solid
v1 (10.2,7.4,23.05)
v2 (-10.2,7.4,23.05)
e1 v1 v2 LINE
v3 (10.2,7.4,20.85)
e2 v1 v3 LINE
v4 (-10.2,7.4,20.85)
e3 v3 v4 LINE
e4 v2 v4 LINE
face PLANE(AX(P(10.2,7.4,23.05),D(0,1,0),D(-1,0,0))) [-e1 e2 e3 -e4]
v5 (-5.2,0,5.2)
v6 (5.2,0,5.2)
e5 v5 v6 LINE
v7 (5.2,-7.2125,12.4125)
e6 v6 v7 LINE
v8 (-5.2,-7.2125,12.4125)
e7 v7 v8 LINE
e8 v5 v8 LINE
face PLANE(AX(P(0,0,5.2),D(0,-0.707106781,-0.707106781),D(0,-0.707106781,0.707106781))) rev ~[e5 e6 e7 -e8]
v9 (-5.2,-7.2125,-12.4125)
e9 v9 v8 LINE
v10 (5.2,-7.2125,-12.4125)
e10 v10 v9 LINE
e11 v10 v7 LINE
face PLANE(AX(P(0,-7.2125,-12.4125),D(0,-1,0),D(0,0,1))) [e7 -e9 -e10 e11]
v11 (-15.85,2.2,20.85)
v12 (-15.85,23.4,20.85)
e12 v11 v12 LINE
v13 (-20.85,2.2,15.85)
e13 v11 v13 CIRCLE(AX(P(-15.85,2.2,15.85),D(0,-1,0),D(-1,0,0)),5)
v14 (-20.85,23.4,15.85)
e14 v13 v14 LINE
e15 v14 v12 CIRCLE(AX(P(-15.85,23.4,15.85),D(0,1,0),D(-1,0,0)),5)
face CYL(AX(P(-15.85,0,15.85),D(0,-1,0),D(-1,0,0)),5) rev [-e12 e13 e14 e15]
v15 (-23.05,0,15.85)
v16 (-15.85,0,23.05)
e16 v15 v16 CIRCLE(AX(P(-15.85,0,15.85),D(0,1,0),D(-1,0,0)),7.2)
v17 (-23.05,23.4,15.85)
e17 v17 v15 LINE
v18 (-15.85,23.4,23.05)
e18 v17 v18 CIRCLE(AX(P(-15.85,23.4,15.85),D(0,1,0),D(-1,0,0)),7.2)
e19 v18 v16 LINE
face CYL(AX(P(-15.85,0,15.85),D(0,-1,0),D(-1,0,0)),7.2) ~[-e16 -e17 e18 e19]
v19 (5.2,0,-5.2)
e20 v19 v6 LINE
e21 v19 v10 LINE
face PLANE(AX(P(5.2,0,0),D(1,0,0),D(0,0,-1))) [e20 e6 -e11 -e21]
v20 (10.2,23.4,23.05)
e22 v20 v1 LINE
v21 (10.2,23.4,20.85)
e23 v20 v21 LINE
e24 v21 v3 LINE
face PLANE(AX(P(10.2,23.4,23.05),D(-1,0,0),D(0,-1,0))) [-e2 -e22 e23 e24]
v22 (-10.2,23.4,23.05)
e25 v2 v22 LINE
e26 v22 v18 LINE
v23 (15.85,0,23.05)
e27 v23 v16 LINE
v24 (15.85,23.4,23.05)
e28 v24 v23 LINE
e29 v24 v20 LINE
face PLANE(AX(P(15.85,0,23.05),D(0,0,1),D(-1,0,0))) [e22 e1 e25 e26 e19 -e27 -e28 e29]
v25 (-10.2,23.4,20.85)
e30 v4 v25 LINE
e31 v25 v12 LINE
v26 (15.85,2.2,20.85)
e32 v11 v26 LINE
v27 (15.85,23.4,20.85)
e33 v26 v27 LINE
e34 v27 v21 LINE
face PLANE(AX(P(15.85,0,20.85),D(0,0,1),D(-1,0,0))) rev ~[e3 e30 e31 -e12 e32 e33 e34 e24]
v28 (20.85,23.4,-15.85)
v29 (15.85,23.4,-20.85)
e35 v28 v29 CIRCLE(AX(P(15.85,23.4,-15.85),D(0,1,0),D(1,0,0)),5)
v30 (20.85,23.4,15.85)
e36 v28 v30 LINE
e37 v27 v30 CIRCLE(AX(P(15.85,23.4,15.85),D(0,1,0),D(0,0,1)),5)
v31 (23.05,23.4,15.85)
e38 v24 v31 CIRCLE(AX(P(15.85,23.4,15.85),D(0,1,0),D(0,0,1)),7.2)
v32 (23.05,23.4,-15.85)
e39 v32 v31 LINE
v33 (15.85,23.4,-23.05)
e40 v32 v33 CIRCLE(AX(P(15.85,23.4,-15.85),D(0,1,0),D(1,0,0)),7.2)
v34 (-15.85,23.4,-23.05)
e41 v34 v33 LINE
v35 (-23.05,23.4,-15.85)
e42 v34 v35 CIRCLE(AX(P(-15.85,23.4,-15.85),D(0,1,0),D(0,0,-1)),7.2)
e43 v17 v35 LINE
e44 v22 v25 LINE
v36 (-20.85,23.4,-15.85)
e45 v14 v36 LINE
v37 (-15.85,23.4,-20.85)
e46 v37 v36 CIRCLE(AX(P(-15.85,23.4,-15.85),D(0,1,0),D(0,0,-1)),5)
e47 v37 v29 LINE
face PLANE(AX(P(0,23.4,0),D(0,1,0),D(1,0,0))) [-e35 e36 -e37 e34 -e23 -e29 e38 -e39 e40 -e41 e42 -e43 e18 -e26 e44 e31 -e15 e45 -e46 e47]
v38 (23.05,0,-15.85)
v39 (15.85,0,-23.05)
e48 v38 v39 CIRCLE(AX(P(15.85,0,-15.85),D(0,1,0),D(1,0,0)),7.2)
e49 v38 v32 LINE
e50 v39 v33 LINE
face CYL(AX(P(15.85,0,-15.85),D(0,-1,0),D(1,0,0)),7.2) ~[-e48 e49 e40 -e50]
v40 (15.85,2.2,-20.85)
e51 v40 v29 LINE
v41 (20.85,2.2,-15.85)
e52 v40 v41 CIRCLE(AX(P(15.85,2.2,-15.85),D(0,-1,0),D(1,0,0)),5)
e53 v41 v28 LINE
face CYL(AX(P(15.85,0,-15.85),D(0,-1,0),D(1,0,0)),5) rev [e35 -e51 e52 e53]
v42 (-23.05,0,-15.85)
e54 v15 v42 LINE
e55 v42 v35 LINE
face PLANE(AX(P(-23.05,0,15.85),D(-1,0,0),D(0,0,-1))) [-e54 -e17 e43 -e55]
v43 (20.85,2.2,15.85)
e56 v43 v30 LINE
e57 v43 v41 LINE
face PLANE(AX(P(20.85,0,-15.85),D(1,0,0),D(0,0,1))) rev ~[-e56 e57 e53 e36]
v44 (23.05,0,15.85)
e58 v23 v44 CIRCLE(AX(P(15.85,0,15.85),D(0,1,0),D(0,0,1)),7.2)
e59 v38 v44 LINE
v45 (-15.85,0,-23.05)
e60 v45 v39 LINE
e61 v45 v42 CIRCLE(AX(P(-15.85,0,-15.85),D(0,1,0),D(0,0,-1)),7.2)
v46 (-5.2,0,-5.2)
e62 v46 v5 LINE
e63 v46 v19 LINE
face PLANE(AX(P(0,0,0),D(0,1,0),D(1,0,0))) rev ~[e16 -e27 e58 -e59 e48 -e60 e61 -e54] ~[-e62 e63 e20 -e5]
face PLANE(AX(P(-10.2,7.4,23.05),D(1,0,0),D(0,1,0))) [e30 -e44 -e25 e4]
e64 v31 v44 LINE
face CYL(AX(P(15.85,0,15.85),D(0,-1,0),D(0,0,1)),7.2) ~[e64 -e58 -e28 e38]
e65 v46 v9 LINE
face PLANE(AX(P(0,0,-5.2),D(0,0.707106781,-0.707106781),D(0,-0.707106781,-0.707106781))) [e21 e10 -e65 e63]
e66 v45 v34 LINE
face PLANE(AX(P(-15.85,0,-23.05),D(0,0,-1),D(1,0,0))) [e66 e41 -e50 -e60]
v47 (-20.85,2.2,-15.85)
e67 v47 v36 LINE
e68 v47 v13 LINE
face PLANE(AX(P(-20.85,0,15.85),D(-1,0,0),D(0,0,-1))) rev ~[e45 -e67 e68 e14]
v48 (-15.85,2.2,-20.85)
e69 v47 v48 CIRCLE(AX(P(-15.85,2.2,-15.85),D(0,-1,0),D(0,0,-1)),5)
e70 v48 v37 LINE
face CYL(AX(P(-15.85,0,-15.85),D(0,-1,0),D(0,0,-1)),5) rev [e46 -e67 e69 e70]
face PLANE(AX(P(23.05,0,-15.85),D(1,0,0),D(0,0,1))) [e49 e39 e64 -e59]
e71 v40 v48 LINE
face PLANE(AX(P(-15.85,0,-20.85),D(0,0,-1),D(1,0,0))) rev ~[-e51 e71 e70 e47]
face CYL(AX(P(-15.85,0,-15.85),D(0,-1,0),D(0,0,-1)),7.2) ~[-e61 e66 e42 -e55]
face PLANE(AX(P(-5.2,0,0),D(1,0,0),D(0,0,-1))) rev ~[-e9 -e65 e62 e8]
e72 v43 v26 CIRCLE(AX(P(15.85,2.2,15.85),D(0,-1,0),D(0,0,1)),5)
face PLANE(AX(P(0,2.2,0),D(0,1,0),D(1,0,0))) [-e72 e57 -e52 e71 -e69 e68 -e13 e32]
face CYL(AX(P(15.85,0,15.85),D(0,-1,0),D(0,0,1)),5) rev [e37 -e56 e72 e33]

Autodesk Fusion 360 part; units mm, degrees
sketch "Sketch1" plane through (0, 0, 0) normal (0, 1, 0) x (1, 0, 0)
  line L0 (-15.85, 20.85) -> (15.85, 20.85)
  line L1 (20.85, 15.85) -> (20.85, -15.85)
  line L2 (15.85, -20.85) -> (-15.85, -20.85)
  line L3 (-20.85, -15.85) -> (-20.85, 15.85)
  line L4 (-20.85, 20.85) -> (20.85, -20.85) construction
  line L5 (20.85, 20.85) -> (-20.85, -20.85) construction
  arc A0 (-15.85, 20.85) -> (-20.85, 15.85) centre (-15.85, 15.85) ccw
  arc A1 (20.85, 15.85) -> (15.85, 20.85) centre (15.85, 15.85) ccw
  arc A2 (15.85, -20.85) -> (20.85, -15.85) centre (15.85, -15.85) ccw
  arc A3 (-20.85, -15.85) -> (-15.85, -20.85) centre (-15.85, -15.85) ccw
  arc A4 (23.05, 15.85) -> (15.85, 23.05) centre (15.85, 15.85) ccw
  line L6 (-15.85, 23.05) -> (15.85, 23.05)
  arc A5 (-15.85, 23.05) -> (-23.05, 15.85) centre (-15.85, 15.85) ccw
  line L7 (-23.05, -15.85) -> (-23.05, 15.85)
  arc A6 (-23.05, -15.85) -> (-15.85, -23.05) centre (-15.85, -15.85) ccw
  line L8 (15.85, -23.05) -> (-15.85, -23.05)
  arc A7 (15.85, -23.05) -> (23.05, -15.85) centre (15.85, -15.85) ccw
  line L9 (23.05, 15.85) -> (23.05, -15.85)
  dimension "d1" = 41.7
  dimension "d2" = 41.7
  dimension "d3" = 5
  dimension "d4" = -2.2
extrude "Extrude1" add sketch "Sketch1" along normal blind 2.2 contours L0 L1 L2 L3 A0 A1 A2 A3 | A4 L6 A5 L7 A6 L8 A7 L9
extrude "Extrude2" add sketch "Sketch1" along normal blind 23.4
sketch "Sketch2" plane through (0, 0, 23.05) normal (0, 0, 1) x (1, 0, 0)
  line L0 (-15.85, 0) -> (15.85, 0)
  line L1 (15.85, 0) -> (15.85, 23.4)
  line L2 (15.85, 23.4) -> (-15.85, 23.4)
  line L3 (-15.85, 23.4) -> (-15.85, 0)
  line L4 (10.2, 7.4) -> (-10.2, 7.4)
  line L5 (-10.2, 7.4) -> (-10.2, 23.4)
  line L6 (-10.2, 23.4) -> (10.2, 23.4)
  line L7 (10.2, 23.4) -> (10.2, 7.4)
  line L8 (-23.05, 0) -> (-23.05, 23.4)
  line L9 (23.05, 0) -> (23.05, 23.4)
  dimension "d9" = 7.4
  dimension "d10" = 20.4
  dimension "d11" = 16
  dimension "d13" = 12.85
  dimension "d14" = 12.85
extrude "Extrude3" cut sketch "Sketch2" against normal blind 2.2 contours L2 L4 L5 L6 L7
ref_plane "WorkPlane1" through (0, 11.7, 0) normal (1, 0, 0) x (0, 0, -1)
sketch "Sketch3" plane through (0, 0, 0) normal (1, 0, 0) x (0, 0, -1)
  line L0 (5.2, 0) -> (12.4125, -7.2125)
  line L1 (5.2, 0) -> (14.8, 0) construction
  line L2 (5.2, 0) -> (-5.2, 0)
  line L3 (-5.2, 0) -> (-12.4125, -7.2125)
  line L4 (12.4125, -7.2125) -> (-12.4125, -7.2125)
  point P0 (23.05, 0)
  point P1 (-23.05, 0)
  dimension "d18" = 10.2
  dimension "d19" = 45
  dimension "d20" = 45
  dimension "d21" = 10.2
  dimension "d22" = 10.4
  dimension "d23" = 17.85
  dimension "d24" = 17.85
extrude "Extrude4" add sketch "Sketch3" along normal mid plane 10.4
equation "d1 = 41.3 mm + 0.2 mm + 0.2 mm"
equation "d2 = 41.3 mm + 0.2 mm + 0.2 mm"
equation "d4 = -( 2 mm + 0.2 mm )"
equation "d5 = 2 mm + 0.2 mm"
equation "d7 = 2 mm + 0.2 mm + 21 mm + 0.2 mm"
equation "d9 = 2 mm + 0.2 mm + 5 mm + 0.2 mm"
equation "d10 = 20 mm + 0.2 mm + 0.2 mm"
equation "d11 = ( 2 mm + 0.2 mm + 21 mm + 0.2 mm ) - ( 2 mm + 0.2 mm + 5 mm + 0.2 mm )"
equation "d13 = ( ( 41.3 mm + 0.2 mm + 0.2 mm + 2 mm + 0.2 mm + 2 mm + 0.2 mm ) - ( 20 mm + 0.2 mm + 0.2 mm ) ) / 2"
equation "d15 = -( 2 mm + 0.2 mm )"
equation "d17 = -( ( ( 41.3 + 0.2 + 0.2 + 2 + 0.2 + 2 + 0.2 ) / 2 ) * 1 mm )"
equation "d18 = 10 mm + 0.2 mm"
equation "d21 = 10 mm + 0.2 mm"
equation "d22 = 10 mm + 0.2 mm + 0.2 mm"
equation "d23 = ( ( ( 41.3 + 0.2 + 0.2 + 2 + 0.2 + 2 + 0.2 ) / 2 ) * 1 mm ) - ( 5 mm + 0.2 mm )"
equation "d25 = 5 mm + 0.2 mm"
